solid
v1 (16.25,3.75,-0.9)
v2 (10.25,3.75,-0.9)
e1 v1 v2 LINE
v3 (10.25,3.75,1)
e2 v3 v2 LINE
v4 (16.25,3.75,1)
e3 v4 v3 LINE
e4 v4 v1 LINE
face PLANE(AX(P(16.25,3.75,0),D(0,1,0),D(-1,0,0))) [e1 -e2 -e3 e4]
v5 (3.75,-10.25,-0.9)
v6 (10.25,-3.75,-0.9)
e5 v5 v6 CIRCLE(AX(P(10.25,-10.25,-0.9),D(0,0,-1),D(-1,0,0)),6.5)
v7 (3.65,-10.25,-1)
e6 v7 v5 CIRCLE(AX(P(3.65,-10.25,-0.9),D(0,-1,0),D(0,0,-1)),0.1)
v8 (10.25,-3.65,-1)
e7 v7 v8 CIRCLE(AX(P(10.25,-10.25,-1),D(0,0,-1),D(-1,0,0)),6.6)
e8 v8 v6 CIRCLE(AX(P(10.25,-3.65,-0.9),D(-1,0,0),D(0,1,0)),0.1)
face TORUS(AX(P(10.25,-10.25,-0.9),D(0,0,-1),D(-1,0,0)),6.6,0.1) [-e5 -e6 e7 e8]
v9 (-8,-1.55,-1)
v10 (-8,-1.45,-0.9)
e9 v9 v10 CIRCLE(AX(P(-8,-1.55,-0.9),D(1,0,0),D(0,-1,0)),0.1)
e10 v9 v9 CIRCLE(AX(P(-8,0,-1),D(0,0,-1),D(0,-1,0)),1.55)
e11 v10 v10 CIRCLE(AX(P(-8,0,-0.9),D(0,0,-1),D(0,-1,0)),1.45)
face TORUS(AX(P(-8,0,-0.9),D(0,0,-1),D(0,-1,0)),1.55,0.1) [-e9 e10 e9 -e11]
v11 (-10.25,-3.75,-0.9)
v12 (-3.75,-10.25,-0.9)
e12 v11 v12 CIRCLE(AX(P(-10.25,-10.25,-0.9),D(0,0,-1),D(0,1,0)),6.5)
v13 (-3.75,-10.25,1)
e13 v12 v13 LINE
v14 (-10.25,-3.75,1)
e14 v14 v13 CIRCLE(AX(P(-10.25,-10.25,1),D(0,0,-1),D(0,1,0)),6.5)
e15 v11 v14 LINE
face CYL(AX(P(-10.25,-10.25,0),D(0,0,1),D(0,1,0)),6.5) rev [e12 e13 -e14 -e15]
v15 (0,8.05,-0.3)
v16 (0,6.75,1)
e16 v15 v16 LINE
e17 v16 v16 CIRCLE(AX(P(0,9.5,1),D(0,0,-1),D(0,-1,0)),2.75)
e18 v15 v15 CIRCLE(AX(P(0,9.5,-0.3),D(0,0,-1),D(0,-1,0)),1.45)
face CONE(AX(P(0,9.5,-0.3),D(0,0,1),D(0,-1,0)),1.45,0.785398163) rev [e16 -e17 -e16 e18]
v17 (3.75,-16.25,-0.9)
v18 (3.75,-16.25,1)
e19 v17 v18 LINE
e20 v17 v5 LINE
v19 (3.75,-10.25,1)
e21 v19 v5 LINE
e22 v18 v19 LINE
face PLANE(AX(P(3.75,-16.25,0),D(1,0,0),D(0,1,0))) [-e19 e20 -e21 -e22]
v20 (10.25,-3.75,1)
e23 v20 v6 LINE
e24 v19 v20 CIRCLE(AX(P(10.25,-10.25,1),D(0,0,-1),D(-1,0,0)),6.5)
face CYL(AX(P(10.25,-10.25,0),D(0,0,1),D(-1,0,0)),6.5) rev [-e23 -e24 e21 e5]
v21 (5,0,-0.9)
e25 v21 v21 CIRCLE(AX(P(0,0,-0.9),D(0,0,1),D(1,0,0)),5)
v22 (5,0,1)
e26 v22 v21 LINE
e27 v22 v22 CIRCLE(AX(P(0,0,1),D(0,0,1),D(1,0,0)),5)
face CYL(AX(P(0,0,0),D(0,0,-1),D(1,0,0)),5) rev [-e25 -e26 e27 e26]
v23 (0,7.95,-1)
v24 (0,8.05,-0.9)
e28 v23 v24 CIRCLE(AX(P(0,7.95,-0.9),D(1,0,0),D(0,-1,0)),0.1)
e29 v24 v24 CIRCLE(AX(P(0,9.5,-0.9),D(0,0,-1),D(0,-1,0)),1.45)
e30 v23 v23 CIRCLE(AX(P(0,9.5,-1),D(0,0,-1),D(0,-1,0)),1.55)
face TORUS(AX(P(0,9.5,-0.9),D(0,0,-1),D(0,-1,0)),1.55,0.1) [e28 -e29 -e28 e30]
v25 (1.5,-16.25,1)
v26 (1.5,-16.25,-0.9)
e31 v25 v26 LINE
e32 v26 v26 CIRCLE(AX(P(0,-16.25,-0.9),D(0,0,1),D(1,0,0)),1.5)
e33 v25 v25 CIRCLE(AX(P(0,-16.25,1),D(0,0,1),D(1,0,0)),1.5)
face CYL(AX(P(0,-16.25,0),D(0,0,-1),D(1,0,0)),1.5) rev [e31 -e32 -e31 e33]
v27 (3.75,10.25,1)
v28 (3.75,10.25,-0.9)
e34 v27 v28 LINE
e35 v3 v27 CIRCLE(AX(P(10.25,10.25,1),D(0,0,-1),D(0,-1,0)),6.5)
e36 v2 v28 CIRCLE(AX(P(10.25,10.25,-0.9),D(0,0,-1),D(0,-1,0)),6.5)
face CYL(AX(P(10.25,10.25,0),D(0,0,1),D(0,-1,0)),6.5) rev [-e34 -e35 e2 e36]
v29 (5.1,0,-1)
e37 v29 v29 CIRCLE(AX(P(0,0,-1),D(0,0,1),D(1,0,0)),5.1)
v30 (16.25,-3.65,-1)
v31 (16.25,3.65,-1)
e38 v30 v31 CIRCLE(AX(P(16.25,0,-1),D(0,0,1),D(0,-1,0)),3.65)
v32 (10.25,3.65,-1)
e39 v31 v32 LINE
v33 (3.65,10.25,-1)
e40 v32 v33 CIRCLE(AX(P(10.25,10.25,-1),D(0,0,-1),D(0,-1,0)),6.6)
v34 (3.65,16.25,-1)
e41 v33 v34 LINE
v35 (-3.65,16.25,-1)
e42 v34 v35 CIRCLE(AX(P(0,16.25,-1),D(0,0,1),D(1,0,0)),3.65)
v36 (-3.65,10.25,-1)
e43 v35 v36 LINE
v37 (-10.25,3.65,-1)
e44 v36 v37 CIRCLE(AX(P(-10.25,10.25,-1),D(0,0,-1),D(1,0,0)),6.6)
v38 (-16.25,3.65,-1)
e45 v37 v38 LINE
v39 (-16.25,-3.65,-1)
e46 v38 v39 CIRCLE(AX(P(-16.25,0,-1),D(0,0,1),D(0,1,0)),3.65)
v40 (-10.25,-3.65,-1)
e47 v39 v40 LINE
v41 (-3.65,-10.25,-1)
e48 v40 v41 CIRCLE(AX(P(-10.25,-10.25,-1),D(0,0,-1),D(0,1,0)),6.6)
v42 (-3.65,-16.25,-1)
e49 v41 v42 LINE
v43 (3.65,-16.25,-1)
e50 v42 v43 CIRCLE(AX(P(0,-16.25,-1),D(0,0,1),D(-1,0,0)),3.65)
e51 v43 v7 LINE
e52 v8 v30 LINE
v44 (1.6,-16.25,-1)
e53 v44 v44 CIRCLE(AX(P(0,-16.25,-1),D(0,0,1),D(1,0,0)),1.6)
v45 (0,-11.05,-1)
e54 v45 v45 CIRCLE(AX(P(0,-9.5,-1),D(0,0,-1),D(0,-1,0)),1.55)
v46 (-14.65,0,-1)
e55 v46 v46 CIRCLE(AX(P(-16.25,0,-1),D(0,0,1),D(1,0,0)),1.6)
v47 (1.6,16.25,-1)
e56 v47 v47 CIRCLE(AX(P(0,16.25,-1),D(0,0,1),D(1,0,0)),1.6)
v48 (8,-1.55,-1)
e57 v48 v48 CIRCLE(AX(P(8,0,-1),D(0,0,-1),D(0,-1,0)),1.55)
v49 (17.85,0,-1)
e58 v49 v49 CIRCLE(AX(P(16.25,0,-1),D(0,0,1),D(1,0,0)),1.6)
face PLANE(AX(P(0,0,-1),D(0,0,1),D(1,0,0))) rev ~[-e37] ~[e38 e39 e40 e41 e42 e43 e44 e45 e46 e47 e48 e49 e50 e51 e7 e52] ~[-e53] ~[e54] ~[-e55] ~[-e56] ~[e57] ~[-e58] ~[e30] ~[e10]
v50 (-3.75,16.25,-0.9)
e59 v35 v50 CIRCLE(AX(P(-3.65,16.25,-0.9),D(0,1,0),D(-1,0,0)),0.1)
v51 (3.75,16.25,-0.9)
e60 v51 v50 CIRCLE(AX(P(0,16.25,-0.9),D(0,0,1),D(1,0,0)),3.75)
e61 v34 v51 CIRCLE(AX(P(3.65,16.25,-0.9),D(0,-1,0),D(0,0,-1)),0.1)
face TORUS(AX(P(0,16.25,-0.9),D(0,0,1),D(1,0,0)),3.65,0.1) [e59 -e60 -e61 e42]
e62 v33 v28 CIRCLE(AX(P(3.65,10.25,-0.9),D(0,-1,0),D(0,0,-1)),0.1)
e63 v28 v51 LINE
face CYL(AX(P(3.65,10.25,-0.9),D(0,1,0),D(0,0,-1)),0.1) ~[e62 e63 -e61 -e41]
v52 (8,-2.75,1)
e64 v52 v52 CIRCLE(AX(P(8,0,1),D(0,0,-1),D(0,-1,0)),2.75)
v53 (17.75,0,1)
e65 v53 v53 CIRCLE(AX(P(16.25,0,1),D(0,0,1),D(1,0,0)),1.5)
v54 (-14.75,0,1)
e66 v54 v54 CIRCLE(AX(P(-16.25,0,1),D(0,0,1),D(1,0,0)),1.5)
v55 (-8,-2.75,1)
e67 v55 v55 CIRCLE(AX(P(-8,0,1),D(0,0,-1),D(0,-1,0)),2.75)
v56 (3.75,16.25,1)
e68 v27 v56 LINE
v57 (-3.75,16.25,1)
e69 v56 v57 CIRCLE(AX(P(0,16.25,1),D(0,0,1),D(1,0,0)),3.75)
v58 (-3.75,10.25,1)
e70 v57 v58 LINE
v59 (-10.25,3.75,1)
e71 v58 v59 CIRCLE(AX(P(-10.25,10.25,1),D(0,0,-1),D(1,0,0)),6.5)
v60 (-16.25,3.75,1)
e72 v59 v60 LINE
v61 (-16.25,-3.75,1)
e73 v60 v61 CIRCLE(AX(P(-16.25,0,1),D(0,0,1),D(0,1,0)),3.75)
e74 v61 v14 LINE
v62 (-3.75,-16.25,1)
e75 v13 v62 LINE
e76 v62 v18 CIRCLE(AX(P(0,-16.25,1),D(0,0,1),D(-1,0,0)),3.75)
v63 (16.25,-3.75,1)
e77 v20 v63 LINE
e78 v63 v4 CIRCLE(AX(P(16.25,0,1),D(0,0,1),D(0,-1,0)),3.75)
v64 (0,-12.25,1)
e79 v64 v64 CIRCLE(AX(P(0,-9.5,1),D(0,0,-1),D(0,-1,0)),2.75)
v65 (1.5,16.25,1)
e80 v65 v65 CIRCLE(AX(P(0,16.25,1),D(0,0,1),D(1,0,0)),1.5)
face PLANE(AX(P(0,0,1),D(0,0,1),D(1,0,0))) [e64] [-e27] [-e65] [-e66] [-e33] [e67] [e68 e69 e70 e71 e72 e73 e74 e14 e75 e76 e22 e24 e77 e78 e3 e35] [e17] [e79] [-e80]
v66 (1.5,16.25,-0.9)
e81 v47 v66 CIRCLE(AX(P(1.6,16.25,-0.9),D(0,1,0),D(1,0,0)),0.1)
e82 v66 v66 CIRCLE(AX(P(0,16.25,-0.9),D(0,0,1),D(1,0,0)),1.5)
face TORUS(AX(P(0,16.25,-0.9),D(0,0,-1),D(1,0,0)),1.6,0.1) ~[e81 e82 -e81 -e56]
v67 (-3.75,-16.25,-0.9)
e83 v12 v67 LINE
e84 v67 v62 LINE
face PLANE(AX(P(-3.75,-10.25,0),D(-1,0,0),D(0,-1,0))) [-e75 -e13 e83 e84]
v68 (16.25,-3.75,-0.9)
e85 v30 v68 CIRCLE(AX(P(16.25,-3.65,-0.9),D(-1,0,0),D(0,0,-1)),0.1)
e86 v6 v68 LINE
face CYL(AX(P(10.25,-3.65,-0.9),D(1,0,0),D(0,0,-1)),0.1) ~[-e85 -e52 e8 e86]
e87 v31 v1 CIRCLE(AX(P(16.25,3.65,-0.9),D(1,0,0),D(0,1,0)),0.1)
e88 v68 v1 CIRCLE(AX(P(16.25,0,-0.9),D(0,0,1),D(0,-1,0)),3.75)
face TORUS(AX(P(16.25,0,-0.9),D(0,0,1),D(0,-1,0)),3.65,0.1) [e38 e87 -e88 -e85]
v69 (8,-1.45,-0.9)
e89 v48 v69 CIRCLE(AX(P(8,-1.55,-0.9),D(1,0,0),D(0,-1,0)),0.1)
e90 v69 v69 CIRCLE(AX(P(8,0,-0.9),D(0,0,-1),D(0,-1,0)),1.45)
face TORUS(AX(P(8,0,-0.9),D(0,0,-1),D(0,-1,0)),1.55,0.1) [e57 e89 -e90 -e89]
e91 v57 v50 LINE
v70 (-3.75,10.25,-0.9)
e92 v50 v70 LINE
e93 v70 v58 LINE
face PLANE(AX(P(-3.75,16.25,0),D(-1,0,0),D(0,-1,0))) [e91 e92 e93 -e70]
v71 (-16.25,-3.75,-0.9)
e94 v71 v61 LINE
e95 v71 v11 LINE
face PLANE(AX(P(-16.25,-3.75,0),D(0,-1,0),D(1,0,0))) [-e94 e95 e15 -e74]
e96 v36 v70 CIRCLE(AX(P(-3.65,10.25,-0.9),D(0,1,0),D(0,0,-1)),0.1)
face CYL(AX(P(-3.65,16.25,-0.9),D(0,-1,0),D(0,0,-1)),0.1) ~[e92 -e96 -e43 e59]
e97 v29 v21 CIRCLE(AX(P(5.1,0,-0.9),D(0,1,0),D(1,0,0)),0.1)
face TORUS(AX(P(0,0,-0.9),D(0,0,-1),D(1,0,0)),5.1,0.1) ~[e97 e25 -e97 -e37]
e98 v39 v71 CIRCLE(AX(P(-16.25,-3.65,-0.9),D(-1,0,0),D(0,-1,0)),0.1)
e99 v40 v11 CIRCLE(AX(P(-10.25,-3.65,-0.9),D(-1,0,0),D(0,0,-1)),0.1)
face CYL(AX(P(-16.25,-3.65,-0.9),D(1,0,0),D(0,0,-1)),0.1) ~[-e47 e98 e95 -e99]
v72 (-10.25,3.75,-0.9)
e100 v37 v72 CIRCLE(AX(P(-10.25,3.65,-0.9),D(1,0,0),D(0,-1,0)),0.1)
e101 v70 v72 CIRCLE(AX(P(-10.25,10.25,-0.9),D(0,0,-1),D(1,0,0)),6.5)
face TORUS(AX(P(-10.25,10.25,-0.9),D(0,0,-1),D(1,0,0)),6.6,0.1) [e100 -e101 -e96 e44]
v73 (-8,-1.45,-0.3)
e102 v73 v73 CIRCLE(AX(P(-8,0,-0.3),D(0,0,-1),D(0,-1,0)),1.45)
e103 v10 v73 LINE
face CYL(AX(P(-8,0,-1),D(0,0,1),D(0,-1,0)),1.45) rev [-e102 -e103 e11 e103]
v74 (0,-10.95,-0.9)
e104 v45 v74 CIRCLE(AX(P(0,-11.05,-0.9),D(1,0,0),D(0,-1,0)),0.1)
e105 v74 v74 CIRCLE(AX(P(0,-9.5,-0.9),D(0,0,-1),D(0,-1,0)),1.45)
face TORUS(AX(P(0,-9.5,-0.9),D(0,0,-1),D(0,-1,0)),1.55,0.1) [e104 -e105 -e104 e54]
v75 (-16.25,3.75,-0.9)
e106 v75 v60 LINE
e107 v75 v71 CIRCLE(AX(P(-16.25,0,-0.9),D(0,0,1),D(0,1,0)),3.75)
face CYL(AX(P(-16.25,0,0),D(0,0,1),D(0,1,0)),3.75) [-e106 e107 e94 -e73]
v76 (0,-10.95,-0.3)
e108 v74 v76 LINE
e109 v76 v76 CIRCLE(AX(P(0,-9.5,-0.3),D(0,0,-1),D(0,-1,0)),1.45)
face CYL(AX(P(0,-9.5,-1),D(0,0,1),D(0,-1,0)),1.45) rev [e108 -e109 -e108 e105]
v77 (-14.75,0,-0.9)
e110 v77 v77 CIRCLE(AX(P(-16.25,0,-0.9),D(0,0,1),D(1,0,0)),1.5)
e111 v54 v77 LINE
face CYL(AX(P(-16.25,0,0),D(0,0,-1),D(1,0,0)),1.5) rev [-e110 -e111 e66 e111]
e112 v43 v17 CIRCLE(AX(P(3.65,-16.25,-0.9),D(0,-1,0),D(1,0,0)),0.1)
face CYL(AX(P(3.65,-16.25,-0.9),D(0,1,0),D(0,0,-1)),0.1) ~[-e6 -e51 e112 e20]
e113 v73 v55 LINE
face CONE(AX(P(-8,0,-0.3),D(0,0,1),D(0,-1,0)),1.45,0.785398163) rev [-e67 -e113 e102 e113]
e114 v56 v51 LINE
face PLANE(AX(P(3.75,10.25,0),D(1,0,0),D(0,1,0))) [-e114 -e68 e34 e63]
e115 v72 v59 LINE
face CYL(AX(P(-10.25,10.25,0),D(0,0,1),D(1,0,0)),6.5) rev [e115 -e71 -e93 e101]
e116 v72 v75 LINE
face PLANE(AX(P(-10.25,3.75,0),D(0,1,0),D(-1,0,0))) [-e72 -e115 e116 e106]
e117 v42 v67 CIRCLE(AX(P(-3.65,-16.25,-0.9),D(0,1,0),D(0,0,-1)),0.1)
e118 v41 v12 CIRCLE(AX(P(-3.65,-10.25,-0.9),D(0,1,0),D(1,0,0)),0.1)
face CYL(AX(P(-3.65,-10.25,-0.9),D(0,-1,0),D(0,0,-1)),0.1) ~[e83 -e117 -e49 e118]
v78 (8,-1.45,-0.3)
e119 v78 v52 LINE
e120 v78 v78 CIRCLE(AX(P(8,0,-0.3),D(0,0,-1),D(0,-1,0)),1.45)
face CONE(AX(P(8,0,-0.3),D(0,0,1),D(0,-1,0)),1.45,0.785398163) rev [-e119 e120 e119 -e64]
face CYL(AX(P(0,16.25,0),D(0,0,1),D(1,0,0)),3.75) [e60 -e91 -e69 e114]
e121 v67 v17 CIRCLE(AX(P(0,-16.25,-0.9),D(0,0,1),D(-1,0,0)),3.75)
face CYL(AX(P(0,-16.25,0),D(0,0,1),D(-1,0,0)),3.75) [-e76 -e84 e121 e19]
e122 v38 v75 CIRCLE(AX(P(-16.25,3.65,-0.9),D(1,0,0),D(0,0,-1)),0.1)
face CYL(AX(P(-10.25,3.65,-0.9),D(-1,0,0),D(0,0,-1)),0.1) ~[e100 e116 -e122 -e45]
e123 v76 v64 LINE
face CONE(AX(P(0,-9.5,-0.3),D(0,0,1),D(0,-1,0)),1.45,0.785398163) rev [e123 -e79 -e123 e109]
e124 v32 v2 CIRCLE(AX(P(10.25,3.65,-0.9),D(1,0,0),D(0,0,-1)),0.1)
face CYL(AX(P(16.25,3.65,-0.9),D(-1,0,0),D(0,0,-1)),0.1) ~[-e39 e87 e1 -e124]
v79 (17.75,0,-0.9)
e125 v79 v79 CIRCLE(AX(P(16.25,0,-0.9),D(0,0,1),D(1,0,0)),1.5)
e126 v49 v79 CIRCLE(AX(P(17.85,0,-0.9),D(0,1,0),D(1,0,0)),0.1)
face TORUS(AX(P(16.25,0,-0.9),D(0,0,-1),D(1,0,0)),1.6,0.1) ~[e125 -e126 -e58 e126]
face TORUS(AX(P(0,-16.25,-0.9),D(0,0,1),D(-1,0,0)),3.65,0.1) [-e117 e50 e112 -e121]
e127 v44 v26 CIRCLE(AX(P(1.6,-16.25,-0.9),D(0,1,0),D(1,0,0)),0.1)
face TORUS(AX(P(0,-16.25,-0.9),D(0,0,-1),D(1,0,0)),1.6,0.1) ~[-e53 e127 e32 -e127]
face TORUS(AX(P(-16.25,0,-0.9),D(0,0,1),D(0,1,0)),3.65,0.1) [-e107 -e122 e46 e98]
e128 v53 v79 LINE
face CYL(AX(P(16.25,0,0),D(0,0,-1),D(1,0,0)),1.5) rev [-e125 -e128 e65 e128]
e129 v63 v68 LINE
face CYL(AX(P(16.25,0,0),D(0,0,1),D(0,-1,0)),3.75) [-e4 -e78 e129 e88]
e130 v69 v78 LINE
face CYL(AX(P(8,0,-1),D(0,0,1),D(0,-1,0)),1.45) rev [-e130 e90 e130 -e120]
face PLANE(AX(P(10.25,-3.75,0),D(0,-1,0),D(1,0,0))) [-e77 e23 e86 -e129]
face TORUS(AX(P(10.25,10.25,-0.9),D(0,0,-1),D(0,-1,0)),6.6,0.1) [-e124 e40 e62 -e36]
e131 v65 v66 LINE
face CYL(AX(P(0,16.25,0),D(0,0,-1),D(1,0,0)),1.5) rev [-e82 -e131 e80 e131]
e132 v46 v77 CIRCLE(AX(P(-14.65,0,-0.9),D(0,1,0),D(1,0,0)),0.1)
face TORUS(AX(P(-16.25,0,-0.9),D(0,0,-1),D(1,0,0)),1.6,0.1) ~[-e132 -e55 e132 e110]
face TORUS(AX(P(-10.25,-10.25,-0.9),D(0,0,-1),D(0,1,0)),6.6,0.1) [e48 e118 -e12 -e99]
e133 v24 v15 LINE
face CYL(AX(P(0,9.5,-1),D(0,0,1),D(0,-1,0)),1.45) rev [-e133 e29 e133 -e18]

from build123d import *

# Parameters (mm, degrees)
ESQUISSE1_R                                  = 5
ESQUISSE1_R_2                                = 1.5
BOSS_EXTRU_1_DEPTH                           = 1
FRAISAGE_POUR_VIS_T_TE_FRAIS_E_M2_51_A_COUNT = 2
FRAISAGE_POUR_VIS_T_TE_FRAIS_E_M2_51_A_PITCH = 12.419742348
FRAISAGE_POUR_VIS_T_TE_FRAIS_E_M2_2_COUNT    = 2
FRAISAGE_POUR_VIS_T_TE_FRAIS_E_M2_2_PITCH    = 16
FRAISAGE_POUR_VIS_T_TE_FRAIS_E_M2_3_COUNT    = 2
FRAISAGE_POUR_VIS_T_TE_FRAIS_E_M2_3_PITCH    = 12.419742348
CONG_1_R                                     = 0.1


with BuildPart() as part:
    # Esquisse1 → Boss.-Extru.1 (new, symmetric)
    with BuildSketch(Plane.XY):
        with BuildLine():
            Line((-3.75, 16.25), (-3.75, 10.25))
            ThreePointArc((-3.75, 10.25), (-5.653805922, 5.653805922), (-10.25, 3.75))
            Line((-10.25, 3.75), (-16.25, 3.75))
            ThreePointArc((-16.25, 3.75), (-20, 0), (-16.25, -3.75))
            Line((-16.25, -3.75), (-10.25, -3.75))
            ThreePointArc((-10.25, -3.75), (-5.653805922, -5.653805922), (-3.75, -10.25))
            Line((-3.75, -10.25), (-3.75, -16.25))
            ThreePointArc((-3.75, -16.25), (0, -20), (3.75, -16.25))
            Line((3.75, -16.25), (3.75, -10.25))
            ThreePointArc((3.75, -10.25), (5.653805922, -5.653805922), (10.25, -3.75))
            Line((10.25, -3.75), (16.25, -3.75))
            ThreePointArc((16.25, -3.75), (20, 0), (16.25, 3.75))
            Line((16.25, 3.75), (10.25, 3.75))
            ThreePointArc((10.25, 3.75), (5.653805922, 5.653805922), (3.75, 10.25))
            Line((3.75, 10.25), (3.75, 16.25))
            ThreePointArc((3.75, 16.25), (0, 20), (-3.75, 16.25))
        make_face()
        Circle(ESQUISSE1_R, mode=Mode.SUBTRACT)
        with Locations((0, 16.25)):
            Circle(ESQUISSE1_R_2, mode=Mode.SUBTRACT)
        with Locations((16.25, 0)):
            Circle(ESQUISSE1_R_2, mode=Mode.SUBTRACT)
        with Locations((-16.25, 0)):
            Circle(ESQUISSE1_R_2, mode=Mode.SUBTRACT)
        with Locations((0, -16.25)):
            Circle(ESQUISSE1_R_2, mode=Mode.SUBTRACT)
    extrude(amount=BOSS_EXTRU_1_DEPTH, both=True)

    # Esquisse3 → Fraisage pour vis à tête fraisée M2.51 (revolve, cut)
    with BuildSketch(Plane(origin=(-8, 0, 1), x_dir=(0, -1, 0), z_dir=(1, 0, 0))):
        Polygon((0, 0), (0, 2), (1.45, 2), (1.45, 1.3), (2.75, 0), align=None)
    fraisage_pour_vis_t_te_frais_e_m2_51 = revolve(axis=Axis((-8, 0, 7.35), (0, 0, -1)), mode=Mode.SUBTRACT)

    # Fraisage pour vis à tête fraisée M2.51 a: Fraisage pour vis à tête fraisée M2.51 ×2
    with Locations(*[Vector(0.6441357457827798, 0.7649111981170509, 0) * (i * FRAISAGE_POUR_VIS_T_TE_FRAIS_E_M2_51_A_PITCH) for i in range(1, FRAISAGE_POUR_VIS_T_TE_FRAIS_E_M2_51_A_COUNT)]):
        add(fraisage_pour_vis_t_te_frais_e_m2_51, mode=Mode.SUBTRACT)

    # Fraisage pour vis _ t_te frais_e M2. 2: Fraisage pour vis à tête fraisée M2.51 ×2
    with Locations(*[(i * FRAISAGE_POUR_VIS_T_TE_FRAIS_E_M2_2_PITCH, 0, 0) for i in range(1, FRAISAGE_POUR_VIS_T_TE_FRAIS_E_M2_2_COUNT)]):
        add(fraisage_pour_vis_t_te_frais_e_m2_51, mode=Mode.SUBTRACT)

    # Fraisage pour vis _ t_te frais_e M2. 3: Fraisage pour vis à tête fraisée M2.51 ×2
    with Locations(*[Vector(0.6441357457827798, -0.7649111981170509, 0) * (i * FRAISAGE_POUR_VIS_T_TE_FRAIS_E_M2_3_PITCH) for i in range(1, FRAISAGE_POUR_VIS_T_TE_FRAIS_E_M2_3_COUNT)]):
        add(fraisage_pour_vis_t_te_frais_e_m2_51, mode=Mode.SUBTRACT)

    # Congé1
    cong_1_edges = [part.edges().sort_by_distance(p)[0] for p in [
        (3.75, 13.25, -1),
        (5.653805922, 5.653805922, -1),
        (13.25, 3.75, -1),
        (20, 0, -1),
        (13.25, -3.75, -1),
        (5.653805922, -5.653805922, -1),
        (3.75, -13.25, -1),
        (0, -20, -1),
        (-3.75, -13.25, -1),
        (-5.653805922, -5.653805922, -1),
        (-13.25, -3.75, -1),
        (-20, 0, -1),
        (-13.25, 3.75, -1),
        (-5.653805922, 5.653805922, -1),
        (-3.75, 13.25, -1),
        (0, 20, -1),
        (-5, 0, -1),
        (-17.75, 0, -1),
        (-1.5, 16.25, -1),
        (14.75, 0, -1),
        (-1.5, -16.25, -1),
        (0, -8.05, -1),
        (8, 1.45, -1),
        (0, 10.95, -1),
        (-8, 1.45, -1),
    ]]
    fillet(cong_1_edges, radius=CONG_1_R)


solid = part.part
